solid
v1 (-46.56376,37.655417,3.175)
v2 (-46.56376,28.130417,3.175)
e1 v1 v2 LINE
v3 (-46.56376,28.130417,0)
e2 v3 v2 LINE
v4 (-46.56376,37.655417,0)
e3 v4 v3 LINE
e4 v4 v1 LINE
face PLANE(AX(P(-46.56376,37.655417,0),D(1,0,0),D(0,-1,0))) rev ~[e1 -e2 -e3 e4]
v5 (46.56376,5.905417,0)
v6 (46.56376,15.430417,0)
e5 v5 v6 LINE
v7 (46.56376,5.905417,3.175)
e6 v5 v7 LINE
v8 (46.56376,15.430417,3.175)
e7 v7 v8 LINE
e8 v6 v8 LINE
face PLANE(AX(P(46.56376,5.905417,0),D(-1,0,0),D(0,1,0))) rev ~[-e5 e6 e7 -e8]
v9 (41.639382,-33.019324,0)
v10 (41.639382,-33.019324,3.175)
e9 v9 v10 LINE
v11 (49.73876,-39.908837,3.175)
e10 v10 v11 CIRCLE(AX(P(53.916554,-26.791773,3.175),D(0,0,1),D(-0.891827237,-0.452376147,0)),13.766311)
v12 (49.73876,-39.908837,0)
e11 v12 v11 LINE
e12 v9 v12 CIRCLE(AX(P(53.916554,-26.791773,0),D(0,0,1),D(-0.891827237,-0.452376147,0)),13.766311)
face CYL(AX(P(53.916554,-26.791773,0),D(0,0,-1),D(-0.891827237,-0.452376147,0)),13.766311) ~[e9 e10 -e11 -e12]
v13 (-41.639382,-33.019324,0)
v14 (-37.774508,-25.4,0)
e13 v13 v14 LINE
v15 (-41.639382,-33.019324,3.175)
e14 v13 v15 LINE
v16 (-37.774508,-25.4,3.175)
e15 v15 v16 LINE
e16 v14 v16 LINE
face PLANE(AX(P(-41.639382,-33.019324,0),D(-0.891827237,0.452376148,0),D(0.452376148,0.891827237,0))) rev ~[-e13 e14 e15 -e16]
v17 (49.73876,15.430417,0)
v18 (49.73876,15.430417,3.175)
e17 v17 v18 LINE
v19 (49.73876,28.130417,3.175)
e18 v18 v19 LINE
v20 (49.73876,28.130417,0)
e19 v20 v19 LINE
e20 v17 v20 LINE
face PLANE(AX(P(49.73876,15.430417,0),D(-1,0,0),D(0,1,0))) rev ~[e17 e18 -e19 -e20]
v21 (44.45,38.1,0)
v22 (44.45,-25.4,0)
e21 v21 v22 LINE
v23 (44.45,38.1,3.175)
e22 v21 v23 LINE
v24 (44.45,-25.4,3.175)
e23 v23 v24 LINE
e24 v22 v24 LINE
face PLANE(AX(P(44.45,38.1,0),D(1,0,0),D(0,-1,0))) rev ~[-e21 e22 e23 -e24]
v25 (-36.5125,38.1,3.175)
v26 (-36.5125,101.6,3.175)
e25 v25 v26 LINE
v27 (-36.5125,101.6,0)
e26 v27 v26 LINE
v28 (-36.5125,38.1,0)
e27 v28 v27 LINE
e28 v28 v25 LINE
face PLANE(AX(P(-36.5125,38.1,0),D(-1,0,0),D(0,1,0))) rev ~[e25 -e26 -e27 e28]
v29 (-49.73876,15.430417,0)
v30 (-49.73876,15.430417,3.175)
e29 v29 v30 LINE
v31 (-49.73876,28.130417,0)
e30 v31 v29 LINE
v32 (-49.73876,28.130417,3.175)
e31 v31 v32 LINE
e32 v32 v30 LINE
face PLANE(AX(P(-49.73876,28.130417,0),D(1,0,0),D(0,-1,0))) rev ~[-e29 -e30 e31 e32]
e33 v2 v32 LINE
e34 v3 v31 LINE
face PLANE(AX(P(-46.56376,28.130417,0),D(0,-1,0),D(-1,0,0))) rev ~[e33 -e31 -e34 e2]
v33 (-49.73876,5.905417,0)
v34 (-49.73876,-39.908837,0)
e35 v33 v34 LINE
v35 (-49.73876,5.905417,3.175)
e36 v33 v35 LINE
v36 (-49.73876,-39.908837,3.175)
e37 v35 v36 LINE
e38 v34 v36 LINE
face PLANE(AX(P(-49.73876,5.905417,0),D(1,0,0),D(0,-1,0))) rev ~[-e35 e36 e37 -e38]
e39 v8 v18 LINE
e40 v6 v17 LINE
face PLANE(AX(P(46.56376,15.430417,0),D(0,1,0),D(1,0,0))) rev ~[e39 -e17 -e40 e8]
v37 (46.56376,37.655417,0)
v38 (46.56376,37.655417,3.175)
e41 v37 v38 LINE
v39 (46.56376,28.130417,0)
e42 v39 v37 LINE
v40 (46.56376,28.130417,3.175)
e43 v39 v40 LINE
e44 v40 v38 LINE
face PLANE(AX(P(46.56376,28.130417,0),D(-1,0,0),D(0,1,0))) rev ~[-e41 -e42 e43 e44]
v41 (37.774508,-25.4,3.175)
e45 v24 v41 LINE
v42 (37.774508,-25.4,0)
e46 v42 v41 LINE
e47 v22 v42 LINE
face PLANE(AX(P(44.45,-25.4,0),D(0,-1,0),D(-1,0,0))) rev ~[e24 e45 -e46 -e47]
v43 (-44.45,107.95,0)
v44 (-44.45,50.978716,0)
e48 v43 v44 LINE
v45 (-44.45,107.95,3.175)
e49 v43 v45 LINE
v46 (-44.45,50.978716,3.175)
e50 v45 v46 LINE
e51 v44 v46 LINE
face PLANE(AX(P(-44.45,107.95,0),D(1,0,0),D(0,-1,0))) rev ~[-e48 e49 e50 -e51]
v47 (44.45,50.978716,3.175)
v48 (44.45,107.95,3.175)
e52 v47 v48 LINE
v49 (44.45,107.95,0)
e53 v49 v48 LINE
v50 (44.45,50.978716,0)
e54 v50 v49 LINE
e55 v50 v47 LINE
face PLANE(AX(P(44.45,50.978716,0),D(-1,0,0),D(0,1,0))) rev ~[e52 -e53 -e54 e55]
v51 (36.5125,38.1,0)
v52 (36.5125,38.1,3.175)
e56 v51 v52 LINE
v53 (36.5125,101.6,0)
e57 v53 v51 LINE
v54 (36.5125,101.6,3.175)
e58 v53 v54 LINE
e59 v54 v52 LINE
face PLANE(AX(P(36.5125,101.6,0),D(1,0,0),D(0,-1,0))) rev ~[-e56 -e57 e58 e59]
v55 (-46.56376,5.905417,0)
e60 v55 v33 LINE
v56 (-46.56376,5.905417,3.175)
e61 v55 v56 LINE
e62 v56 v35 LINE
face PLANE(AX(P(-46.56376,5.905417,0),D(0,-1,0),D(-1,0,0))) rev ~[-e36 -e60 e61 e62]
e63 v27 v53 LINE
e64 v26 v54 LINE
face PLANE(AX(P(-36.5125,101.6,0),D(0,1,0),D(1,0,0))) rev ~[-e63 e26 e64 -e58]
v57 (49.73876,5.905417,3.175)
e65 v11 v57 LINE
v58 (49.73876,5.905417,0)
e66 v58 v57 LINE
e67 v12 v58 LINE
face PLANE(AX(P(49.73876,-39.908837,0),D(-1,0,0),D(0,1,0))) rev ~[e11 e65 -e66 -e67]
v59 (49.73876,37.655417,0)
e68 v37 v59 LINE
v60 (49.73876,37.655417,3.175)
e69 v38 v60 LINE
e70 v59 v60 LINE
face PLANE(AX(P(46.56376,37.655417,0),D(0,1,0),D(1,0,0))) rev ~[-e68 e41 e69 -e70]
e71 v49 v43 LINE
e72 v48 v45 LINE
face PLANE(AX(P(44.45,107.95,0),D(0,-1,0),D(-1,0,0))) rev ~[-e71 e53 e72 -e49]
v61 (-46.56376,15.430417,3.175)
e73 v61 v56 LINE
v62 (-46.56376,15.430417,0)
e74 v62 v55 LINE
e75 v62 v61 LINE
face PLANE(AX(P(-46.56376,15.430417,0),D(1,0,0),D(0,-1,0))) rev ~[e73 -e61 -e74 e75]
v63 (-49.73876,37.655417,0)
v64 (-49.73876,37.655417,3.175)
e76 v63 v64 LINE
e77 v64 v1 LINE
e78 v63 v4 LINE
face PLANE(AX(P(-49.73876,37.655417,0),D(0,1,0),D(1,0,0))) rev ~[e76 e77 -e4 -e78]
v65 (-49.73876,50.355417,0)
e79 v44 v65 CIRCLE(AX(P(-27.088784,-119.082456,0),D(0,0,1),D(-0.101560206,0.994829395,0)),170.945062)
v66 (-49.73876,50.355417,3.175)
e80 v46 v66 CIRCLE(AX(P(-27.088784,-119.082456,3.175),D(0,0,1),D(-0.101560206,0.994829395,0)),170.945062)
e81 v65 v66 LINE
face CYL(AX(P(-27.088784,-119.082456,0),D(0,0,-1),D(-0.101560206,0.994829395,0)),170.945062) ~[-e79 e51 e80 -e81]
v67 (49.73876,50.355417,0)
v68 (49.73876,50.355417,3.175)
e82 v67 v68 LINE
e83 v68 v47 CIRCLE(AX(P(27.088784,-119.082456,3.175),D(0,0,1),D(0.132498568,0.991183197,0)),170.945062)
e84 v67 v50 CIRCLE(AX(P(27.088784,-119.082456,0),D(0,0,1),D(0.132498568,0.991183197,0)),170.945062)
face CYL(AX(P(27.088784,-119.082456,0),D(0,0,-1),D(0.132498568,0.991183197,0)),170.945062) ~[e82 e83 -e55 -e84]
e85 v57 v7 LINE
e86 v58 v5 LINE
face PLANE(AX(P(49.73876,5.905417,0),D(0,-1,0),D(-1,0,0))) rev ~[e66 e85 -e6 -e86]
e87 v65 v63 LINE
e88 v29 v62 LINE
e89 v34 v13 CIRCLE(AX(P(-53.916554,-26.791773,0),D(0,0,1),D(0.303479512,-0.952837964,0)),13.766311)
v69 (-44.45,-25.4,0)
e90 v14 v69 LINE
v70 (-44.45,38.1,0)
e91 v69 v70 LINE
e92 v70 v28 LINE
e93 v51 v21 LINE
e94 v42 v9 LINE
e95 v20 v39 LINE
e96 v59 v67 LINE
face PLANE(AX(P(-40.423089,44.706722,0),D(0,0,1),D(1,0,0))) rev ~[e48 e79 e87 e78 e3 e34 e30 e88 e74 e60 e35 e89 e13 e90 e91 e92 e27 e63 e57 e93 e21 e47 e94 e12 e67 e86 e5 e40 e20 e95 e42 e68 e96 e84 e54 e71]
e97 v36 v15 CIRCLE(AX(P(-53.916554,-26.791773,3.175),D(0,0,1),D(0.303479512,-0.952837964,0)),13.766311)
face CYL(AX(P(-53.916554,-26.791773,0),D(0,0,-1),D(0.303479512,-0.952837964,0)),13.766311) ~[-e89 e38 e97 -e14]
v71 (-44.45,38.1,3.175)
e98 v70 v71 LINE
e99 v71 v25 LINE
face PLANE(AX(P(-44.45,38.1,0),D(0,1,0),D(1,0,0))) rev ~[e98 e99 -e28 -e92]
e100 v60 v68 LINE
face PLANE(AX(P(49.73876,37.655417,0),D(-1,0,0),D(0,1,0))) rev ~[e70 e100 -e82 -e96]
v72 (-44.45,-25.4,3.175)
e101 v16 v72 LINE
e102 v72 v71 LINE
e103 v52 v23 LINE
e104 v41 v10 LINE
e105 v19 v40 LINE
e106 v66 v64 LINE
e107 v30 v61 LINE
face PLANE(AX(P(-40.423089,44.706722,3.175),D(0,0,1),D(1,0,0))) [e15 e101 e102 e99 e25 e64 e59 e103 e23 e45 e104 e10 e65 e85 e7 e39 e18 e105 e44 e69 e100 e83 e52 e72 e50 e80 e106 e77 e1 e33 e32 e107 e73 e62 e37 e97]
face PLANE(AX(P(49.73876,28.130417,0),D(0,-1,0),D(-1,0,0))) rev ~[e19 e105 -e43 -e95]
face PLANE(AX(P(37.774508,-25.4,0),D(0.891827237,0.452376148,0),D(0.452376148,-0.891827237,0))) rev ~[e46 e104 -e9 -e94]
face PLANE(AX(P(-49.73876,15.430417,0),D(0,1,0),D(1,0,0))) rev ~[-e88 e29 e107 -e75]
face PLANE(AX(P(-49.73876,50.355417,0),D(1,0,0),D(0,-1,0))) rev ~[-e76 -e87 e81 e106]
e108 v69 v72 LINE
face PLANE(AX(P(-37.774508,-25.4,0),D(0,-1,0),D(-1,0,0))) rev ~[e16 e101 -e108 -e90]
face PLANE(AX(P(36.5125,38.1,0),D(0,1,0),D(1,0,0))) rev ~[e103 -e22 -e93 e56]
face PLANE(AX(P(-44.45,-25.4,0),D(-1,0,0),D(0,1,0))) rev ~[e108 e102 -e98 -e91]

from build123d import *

# Parameters (mm, degrees)
F1_DEPTH = 3.175


with BuildPart() as f1:
    # F0 (on Top) → F1 (new body)
    with BuildSketch(Plane.XY):
        with BuildLine():
            Line((-36.5125, 38.1), (-36.5125, 51.60265671))
            ThreePointArc((-36.5125, 51.60265671), (-40.4848830959, 51.3369051515), (-44.45, 50.9787162513))
            Line((-44.45, 50.9787162513), (-44.45, 38.1))
            Line((-44.45, 38.1), (-36.5125, 38.1))
        make_face()
        with BuildLine():
            ThreePointArc((-44.45, 50.9787162513), (-40.4848830959, 51.3369051515), (-36.5125, 51.60265671))
            Line((-36.5125, 51.60265671), (-36.5125, 101.6))
            Line((-36.5125, 101.6), (36.5125, 101.6))
            Line((36.5125, 101.6), (36.5125, 51.60265671))
            ThreePointArc((36.5125, 51.60265671), (40.4848830959, 51.3369051515), (44.45, 50.9787162513))
            Line((44.45, 50.9787162513), (44.45, 107.95))
            Line((44.45, 107.95), (-44.45, 107.95))
            Line((-44.45, 107.95), (-44.45, 50.9787162513))
        make_face()
        with BuildLine():
            ThreePointArc((44.45, 50.9787162513), (40.4848830959, 51.3369051515), (36.5125, 51.60265671))
            Line((36.5125, 51.60265671), (36.5125, 38.1))
            Line((36.5125, 38.1), (44.45, 38.1))
            Line((44.45, 38.1), (44.45, 50.9787162513))
        make_face()
        with BuildLine():
            Line((-44.45, 38.1), (-44.45, 50.9787162513))
            ThreePointArc((-44.45, 50.9787162513), (-47.0968073958, 50.687662483), (-49.7387601656, 50.3554167177))
            Line((-49.7387601656, 50.3554167177), (-49.7387601656, 37.6554167177))
            Line((-49.7387601656, 37.6554167177), (-46.5637601656, 37.6554167177))
            Line((-46.5637601656, 37.6554167177), (-46.5637601656, 28.1304167177))
            Line((-46.5637601656, 28.1304167177), (-49.7387601656, 28.1304167177))
            Line((-49.7387601656, 28.1304167177), (-49.7387601656, 15.4304167177))
            Line((-49.7387601656, 15.4304167177), (-46.5637601656, 15.4304167177))
            Line((-46.5637601656, 15.4304167177), (-46.5637601656, 5.9054167177))
            Line((-46.5637601656, 5.9054167177), (-49.7387601656, 5.9054167177))
            Line((-49.7387601656, 5.9054167177), (-49.7387601656, -39.9088373944))
            ThreePointArc((-49.7387601656, -39.9088373944), (-44.9970348608, -37.2776453916), (-41.6393822328, -33.0193242376))
            Line((-41.6393822328, -33.0193242376), (-37.7745075115, -25.4))
            Line((-37.7745075115, -25.4), (-44.45, -25.4))
            Line((-44.45, -25.4), (-44.45, 38.1))
        make_face()
        with BuildLine():
            ThreePointArc((49.7387601656, 50.3554167177), (47.0968073958, 50.687662483), (44.45, 50.9787162513))
            Line((44.45, 50.9787162513), (44.45, 38.1))
            Line((44.45, 38.1), (44.45, -25.4))
            Line((44.45, -25.4), (37.7745075115, -25.4))
            Line((37.7745075115, -25.4), (41.6393822328, -33.0193242376))
            ThreePointArc((41.6393822328, -33.0193242376), (44.9970348608, -37.2776453916), (49.7387601656, -39.9088373944))
            Line((49.7387601656, -39.9088373944), (49.7387601656, 5.9054167177))
            Line((49.7387601656, 5.9054167177), (46.5637601656, 5.9054167177))
            Line((46.5637601656, 5.9054167177), (46.5637601656, 15.4304167177))
            Line((46.5637601656, 15.4304167177), (49.7387601656, 15.4304167177))
            Line((49.7387601656, 15.4304167177), (49.7387601656, 28.1304167177))
            Line((49.7387601656, 28.1304167177), (46.5637601656, 28.1304167177))
            Line((46.5637601656, 28.1304167177), (46.5637601656, 37.6554167177))
            Line((46.5637601656, 37.6554167177), (49.7387601656, 37.6554167177))
            Line((49.7387601656, 37.6554167177), (49.7387601656, 50.3554167177))
        make_face()
    extrude(amount=F1_DEPTH)


solid = f1.part
